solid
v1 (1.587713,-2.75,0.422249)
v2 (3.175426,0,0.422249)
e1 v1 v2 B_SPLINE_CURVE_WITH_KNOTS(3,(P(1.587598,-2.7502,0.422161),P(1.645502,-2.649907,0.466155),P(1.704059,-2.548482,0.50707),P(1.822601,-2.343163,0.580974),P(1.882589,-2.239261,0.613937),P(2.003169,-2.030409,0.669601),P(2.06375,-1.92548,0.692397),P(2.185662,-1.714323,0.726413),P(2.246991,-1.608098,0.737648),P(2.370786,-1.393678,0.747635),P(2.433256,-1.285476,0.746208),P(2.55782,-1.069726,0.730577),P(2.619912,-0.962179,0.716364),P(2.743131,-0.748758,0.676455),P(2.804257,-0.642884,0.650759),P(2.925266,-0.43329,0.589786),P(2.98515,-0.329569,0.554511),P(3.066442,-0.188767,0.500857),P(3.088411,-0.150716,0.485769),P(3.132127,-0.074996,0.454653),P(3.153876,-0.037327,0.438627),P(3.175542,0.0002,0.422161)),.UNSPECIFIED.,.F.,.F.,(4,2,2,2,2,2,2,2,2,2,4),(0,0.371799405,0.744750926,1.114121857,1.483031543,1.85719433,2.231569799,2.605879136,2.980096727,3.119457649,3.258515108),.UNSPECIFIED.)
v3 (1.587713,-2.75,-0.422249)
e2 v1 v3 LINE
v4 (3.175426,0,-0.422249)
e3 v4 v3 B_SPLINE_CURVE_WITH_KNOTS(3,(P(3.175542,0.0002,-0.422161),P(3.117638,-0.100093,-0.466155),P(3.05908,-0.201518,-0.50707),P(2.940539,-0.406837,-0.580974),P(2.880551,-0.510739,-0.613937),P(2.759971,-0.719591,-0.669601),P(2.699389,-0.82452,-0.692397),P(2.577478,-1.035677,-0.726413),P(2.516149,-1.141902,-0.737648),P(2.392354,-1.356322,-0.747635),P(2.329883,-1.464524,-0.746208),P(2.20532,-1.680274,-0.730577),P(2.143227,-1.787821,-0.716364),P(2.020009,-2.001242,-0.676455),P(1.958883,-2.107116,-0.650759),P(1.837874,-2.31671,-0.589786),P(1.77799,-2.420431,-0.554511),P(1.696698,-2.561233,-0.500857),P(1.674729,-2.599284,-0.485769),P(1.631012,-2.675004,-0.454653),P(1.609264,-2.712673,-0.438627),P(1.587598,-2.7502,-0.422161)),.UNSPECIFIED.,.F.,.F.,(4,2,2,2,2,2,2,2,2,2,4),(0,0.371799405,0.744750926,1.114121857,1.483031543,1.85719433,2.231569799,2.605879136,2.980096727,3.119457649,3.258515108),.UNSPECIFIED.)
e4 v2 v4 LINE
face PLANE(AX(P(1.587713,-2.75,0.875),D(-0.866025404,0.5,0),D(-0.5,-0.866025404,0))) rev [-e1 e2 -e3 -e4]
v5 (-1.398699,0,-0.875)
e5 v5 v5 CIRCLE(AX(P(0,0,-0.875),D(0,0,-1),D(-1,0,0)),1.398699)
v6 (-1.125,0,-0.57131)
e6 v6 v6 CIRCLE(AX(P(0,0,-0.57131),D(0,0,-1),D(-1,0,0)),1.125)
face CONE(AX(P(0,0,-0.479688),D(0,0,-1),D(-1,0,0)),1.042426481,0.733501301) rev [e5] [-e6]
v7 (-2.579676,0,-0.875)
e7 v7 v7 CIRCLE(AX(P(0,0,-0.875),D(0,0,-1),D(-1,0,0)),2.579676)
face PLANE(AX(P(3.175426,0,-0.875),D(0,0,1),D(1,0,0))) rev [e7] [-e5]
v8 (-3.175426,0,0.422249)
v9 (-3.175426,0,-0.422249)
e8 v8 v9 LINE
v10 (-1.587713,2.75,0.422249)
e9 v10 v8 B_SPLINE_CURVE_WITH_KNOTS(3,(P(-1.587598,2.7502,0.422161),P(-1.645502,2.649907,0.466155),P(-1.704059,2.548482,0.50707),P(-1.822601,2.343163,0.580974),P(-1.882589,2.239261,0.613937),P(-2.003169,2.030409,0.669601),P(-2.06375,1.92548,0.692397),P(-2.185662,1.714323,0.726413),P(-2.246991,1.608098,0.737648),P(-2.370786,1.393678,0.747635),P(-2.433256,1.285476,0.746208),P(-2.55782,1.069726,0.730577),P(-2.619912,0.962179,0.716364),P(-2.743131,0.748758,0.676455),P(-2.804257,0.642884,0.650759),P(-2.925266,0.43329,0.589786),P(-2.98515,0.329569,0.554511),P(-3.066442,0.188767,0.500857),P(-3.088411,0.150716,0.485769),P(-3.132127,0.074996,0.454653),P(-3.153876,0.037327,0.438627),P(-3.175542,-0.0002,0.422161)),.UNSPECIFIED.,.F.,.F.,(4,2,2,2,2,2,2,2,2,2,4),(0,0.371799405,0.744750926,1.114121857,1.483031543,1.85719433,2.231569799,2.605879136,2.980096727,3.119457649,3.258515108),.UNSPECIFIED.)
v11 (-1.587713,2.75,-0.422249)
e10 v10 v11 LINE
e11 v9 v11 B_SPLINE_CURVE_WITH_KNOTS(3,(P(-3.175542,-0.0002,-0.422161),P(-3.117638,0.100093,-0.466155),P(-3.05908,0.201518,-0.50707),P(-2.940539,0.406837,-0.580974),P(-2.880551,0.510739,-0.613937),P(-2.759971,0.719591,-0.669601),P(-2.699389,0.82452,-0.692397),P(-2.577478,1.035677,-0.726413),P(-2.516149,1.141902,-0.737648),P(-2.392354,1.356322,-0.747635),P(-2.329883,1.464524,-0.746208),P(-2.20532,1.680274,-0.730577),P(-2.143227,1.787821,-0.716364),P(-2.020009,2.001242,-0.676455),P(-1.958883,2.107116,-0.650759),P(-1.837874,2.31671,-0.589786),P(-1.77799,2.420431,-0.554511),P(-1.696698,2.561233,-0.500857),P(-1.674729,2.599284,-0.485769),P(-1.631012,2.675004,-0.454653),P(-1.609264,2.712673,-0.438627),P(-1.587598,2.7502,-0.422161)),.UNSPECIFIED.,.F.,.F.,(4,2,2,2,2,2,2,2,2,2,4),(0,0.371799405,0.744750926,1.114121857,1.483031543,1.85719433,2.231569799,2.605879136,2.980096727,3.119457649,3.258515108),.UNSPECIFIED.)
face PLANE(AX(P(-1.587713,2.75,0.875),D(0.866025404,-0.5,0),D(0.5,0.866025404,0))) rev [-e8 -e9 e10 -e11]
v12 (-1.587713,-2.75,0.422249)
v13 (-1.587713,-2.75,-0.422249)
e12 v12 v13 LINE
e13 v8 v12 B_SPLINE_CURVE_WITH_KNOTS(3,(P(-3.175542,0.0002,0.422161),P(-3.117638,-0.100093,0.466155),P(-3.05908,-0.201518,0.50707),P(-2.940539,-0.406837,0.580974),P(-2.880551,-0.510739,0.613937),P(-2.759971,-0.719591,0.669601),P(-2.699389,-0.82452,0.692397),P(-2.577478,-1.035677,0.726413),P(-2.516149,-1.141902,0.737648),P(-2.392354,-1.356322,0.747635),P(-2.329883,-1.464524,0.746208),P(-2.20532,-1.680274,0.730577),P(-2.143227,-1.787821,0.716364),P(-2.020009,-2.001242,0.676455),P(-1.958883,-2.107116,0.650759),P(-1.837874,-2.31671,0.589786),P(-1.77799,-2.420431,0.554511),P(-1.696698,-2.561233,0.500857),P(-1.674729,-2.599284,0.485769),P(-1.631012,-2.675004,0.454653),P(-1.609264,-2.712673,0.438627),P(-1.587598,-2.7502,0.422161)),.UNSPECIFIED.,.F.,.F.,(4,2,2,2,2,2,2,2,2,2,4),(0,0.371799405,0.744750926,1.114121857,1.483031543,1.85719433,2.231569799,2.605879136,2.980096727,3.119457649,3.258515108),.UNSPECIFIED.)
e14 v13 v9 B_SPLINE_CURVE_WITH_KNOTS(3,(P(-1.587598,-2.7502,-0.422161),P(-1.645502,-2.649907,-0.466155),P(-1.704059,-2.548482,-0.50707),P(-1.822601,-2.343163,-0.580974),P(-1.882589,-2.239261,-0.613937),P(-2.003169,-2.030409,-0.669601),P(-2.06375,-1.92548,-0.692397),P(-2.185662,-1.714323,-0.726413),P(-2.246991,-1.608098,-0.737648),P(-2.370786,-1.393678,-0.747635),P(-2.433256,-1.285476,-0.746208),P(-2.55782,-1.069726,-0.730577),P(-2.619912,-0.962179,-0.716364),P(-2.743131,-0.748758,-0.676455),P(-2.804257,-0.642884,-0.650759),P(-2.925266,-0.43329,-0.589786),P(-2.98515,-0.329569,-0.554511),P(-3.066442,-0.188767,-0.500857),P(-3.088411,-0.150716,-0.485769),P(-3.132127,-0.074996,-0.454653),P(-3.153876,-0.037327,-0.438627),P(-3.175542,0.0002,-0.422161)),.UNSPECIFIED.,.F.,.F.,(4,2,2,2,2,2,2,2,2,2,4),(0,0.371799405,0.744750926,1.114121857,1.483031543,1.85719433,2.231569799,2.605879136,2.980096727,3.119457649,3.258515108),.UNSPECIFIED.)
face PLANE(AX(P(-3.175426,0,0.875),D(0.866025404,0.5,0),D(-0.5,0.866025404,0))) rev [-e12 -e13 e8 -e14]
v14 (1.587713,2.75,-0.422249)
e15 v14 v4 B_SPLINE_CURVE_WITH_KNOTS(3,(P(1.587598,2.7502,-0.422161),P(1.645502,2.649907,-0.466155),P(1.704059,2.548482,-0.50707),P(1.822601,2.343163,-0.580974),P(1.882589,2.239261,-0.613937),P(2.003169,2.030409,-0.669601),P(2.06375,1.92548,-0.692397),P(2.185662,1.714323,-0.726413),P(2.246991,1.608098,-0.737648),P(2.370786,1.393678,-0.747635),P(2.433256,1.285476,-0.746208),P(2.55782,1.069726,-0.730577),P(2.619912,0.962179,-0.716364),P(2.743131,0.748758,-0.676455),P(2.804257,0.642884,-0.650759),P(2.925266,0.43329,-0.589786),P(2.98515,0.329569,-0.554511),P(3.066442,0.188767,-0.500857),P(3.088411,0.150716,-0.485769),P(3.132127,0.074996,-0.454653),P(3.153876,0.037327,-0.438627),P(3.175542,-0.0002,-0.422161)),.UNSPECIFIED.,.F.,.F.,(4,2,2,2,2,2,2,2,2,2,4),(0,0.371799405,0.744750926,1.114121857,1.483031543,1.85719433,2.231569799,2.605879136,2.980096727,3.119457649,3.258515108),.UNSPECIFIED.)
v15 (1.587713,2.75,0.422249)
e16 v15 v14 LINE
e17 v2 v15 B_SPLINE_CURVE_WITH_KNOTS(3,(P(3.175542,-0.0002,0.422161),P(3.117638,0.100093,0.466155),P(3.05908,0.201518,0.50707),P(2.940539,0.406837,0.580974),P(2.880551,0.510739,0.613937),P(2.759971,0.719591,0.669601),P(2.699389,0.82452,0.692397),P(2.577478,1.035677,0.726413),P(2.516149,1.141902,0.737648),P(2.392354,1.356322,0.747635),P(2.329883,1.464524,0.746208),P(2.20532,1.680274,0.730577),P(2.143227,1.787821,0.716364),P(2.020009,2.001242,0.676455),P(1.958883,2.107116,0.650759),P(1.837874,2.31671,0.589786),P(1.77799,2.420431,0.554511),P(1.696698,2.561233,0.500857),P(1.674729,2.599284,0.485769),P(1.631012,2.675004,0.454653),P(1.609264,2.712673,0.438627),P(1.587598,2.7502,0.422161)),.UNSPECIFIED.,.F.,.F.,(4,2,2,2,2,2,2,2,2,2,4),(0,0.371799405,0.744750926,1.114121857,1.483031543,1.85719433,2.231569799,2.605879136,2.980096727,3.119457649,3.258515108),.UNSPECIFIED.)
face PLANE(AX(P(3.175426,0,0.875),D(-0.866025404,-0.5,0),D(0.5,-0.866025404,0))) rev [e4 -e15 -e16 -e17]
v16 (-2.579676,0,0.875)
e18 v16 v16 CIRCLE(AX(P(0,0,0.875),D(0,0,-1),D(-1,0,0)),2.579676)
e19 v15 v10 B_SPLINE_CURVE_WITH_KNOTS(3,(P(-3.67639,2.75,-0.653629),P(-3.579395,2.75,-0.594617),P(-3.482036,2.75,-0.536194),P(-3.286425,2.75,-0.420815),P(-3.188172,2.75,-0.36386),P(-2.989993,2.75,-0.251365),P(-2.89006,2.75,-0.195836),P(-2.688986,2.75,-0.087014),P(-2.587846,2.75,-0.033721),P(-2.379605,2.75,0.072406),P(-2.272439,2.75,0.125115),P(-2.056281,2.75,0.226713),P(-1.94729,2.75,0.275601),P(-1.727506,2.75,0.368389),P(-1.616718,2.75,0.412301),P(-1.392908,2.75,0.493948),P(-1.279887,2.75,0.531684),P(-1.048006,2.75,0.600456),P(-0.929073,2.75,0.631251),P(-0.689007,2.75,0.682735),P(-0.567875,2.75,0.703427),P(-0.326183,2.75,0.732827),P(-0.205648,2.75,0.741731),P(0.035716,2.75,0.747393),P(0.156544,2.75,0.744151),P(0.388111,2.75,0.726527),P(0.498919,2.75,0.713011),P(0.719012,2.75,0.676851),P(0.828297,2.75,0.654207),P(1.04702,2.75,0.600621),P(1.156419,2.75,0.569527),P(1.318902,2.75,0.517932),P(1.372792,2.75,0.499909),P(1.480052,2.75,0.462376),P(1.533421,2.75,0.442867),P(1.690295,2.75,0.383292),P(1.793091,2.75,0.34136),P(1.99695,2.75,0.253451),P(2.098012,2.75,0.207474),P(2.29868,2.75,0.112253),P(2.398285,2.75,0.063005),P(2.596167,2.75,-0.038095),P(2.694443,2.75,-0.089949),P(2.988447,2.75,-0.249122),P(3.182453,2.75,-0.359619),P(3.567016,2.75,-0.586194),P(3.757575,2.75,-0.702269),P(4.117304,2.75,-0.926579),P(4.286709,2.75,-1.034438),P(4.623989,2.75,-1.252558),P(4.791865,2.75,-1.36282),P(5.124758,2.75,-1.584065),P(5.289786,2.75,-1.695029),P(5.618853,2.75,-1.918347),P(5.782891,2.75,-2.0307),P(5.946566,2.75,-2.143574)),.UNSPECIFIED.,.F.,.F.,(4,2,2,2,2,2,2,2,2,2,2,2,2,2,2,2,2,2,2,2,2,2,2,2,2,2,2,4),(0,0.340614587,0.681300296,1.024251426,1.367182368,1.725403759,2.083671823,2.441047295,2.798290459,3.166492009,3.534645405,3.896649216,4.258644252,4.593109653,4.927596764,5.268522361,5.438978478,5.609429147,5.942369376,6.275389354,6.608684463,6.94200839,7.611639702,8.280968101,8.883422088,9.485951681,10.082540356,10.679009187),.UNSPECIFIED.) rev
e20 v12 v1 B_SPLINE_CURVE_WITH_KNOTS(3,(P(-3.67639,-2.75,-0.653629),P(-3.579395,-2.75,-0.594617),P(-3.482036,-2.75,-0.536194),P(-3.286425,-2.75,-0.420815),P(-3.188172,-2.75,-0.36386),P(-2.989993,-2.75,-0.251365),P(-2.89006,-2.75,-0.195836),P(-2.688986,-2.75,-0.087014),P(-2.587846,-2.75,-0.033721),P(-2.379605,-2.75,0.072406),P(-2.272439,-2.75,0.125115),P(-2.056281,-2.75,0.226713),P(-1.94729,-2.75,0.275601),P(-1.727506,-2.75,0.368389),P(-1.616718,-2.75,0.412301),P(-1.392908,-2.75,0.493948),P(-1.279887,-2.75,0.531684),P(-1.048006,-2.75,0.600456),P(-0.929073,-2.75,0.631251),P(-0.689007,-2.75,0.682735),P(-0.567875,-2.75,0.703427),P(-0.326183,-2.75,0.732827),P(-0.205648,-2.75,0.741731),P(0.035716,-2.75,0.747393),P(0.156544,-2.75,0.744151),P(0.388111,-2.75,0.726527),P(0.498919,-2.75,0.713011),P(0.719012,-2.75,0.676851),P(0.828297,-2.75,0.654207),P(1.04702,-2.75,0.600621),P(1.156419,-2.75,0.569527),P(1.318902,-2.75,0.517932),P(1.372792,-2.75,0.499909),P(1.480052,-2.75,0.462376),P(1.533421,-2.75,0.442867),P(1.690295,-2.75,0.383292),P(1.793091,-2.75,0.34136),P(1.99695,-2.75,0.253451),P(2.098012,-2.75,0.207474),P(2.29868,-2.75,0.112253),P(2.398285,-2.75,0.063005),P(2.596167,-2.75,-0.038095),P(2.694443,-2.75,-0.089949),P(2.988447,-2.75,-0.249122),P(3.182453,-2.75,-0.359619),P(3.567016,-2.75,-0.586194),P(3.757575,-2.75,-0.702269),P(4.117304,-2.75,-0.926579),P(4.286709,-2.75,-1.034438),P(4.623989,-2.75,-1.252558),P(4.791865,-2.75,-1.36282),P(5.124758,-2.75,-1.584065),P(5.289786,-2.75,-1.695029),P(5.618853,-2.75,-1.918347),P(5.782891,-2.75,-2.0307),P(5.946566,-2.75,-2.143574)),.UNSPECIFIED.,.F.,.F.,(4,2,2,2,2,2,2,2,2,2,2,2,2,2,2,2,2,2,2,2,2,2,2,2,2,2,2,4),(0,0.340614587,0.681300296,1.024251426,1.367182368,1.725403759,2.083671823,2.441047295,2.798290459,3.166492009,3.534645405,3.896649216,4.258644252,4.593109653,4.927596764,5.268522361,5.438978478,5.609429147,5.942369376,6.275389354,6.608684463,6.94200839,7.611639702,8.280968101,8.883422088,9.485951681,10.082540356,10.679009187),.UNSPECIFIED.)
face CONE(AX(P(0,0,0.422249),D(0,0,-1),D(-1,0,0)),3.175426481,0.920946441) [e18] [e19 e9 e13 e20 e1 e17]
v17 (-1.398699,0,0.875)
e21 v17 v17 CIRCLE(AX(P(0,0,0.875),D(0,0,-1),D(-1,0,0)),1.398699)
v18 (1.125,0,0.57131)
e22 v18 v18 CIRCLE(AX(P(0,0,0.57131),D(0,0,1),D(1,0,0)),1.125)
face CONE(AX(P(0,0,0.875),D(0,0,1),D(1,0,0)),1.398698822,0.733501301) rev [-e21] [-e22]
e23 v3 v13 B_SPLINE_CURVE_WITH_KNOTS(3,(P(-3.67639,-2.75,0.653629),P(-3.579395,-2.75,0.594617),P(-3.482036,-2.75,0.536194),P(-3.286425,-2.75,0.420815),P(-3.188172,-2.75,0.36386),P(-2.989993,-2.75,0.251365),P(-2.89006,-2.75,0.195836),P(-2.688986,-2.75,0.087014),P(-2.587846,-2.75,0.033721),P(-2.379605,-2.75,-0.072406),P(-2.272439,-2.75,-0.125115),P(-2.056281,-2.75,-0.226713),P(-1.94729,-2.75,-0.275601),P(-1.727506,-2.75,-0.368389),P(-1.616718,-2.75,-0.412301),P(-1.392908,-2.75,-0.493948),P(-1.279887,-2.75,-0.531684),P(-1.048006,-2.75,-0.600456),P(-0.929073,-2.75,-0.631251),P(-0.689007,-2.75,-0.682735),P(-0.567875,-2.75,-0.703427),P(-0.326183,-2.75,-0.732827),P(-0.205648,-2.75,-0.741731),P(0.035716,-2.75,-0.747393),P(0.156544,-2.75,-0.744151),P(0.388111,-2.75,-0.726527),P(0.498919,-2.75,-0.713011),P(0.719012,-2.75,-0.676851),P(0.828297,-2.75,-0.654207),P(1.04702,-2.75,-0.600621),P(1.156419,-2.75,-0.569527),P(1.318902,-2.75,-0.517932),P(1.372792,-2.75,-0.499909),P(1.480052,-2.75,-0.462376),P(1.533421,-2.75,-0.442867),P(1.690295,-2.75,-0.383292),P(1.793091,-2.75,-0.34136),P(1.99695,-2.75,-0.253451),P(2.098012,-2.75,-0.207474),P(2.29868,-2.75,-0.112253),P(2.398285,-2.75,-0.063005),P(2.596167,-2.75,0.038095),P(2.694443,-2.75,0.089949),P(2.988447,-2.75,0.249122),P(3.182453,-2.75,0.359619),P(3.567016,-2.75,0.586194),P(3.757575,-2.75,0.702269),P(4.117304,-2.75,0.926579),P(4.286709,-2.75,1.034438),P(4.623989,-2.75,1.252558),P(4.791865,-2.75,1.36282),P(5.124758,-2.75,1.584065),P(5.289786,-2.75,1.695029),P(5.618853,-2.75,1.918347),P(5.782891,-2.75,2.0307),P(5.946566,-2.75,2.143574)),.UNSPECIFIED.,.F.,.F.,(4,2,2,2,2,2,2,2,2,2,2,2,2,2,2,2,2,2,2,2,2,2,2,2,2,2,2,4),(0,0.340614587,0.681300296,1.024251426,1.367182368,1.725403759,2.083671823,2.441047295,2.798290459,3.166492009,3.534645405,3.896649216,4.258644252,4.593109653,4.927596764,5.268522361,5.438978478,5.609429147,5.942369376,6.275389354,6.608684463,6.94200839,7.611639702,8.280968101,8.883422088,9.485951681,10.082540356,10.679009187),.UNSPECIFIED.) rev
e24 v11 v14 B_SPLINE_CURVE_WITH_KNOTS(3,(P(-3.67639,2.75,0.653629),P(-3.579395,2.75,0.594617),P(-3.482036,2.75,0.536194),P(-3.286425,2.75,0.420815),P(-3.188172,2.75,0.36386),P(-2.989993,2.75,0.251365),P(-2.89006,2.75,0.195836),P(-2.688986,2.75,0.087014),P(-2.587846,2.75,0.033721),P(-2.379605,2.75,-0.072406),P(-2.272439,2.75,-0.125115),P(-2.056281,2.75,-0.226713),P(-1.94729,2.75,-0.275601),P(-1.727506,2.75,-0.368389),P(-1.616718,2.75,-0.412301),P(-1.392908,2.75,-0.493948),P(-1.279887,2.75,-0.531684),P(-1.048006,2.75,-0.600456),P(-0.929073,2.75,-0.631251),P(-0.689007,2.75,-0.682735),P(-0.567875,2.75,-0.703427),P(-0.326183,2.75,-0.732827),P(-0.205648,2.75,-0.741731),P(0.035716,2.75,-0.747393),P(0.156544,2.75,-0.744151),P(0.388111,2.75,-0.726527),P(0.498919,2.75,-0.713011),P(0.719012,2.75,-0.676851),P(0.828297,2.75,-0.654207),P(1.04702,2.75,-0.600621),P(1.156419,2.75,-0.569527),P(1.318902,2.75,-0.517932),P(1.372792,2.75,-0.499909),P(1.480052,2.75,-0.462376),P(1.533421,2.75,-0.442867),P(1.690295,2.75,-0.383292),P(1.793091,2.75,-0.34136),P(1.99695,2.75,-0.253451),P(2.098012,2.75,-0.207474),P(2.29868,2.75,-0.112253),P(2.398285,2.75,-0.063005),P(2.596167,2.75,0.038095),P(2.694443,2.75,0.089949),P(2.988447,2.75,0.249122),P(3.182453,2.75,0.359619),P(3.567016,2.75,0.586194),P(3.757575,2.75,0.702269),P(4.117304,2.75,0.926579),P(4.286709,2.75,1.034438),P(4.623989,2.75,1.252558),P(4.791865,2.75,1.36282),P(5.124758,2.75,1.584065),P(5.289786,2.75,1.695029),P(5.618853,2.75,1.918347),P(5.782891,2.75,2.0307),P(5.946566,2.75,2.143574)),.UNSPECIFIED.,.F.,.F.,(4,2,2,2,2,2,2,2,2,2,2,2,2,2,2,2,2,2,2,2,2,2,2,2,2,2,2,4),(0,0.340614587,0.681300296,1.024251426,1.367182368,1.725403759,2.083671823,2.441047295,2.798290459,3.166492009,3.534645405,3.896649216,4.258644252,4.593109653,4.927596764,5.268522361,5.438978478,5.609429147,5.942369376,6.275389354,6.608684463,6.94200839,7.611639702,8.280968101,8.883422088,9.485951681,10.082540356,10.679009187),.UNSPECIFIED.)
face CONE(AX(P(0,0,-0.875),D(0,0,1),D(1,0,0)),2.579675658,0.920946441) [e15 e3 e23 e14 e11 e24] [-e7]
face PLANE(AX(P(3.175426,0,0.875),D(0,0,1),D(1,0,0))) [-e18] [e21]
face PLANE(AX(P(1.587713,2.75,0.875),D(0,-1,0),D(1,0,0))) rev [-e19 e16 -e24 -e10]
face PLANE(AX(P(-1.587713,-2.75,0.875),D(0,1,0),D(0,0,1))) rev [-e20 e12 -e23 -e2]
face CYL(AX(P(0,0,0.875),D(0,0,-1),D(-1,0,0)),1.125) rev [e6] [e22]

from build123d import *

# Parameters (mm, degrees)
SKETCH1_R      = 1.125
EXTRUDE1_DEPTH = 0.875


with BuildPart() as part:
    # Sketch1 → Extrude1 (new body, symmetric)
    with BuildSketch(Plane.XY):
        Polygon((3.175426481, 0), (1.58771324, 2.75), (-1.58771324, 2.75), (-3.175426481, 0), (-1.58771324, -2.75), (1.58771324, -2.75), align=None)
        Circle(SKETCH1_R, mode=Mode.SUBTRACT)
    extrude(amount=EXTRUDE1_DEPTH, both=True)

    # Sketch2 → Cut-Revolve1 (revolve, cut)
    with BuildSketch(Plane(origin=(0, 0, 0), x_dir=(1, 0, 0), z_dir=(0, 1, 0))):
        Polygon((3.175426481, 0.875), (3.175426481, 0.422248701), (2.579675658, 0.875), align=None)
        Polygon((3.175426481, -0.875), (3.175426481, -0.422248701), (2.579675658, -0.875), align=None)
        Polygon((1.042426481, 0.875), (1.398698822, 0.875), (1.042426481, 0.47968772), align=None)
        Polygon((1.042426481, -0.875), (1.398698822, -0.875), (1.042426481, -0.47968772), align=None)
    revolve(axis=Axis((0, 0, -0.875), (0, 0, 1)), mode=Mode.SUBTRACT)


solid = part.part
